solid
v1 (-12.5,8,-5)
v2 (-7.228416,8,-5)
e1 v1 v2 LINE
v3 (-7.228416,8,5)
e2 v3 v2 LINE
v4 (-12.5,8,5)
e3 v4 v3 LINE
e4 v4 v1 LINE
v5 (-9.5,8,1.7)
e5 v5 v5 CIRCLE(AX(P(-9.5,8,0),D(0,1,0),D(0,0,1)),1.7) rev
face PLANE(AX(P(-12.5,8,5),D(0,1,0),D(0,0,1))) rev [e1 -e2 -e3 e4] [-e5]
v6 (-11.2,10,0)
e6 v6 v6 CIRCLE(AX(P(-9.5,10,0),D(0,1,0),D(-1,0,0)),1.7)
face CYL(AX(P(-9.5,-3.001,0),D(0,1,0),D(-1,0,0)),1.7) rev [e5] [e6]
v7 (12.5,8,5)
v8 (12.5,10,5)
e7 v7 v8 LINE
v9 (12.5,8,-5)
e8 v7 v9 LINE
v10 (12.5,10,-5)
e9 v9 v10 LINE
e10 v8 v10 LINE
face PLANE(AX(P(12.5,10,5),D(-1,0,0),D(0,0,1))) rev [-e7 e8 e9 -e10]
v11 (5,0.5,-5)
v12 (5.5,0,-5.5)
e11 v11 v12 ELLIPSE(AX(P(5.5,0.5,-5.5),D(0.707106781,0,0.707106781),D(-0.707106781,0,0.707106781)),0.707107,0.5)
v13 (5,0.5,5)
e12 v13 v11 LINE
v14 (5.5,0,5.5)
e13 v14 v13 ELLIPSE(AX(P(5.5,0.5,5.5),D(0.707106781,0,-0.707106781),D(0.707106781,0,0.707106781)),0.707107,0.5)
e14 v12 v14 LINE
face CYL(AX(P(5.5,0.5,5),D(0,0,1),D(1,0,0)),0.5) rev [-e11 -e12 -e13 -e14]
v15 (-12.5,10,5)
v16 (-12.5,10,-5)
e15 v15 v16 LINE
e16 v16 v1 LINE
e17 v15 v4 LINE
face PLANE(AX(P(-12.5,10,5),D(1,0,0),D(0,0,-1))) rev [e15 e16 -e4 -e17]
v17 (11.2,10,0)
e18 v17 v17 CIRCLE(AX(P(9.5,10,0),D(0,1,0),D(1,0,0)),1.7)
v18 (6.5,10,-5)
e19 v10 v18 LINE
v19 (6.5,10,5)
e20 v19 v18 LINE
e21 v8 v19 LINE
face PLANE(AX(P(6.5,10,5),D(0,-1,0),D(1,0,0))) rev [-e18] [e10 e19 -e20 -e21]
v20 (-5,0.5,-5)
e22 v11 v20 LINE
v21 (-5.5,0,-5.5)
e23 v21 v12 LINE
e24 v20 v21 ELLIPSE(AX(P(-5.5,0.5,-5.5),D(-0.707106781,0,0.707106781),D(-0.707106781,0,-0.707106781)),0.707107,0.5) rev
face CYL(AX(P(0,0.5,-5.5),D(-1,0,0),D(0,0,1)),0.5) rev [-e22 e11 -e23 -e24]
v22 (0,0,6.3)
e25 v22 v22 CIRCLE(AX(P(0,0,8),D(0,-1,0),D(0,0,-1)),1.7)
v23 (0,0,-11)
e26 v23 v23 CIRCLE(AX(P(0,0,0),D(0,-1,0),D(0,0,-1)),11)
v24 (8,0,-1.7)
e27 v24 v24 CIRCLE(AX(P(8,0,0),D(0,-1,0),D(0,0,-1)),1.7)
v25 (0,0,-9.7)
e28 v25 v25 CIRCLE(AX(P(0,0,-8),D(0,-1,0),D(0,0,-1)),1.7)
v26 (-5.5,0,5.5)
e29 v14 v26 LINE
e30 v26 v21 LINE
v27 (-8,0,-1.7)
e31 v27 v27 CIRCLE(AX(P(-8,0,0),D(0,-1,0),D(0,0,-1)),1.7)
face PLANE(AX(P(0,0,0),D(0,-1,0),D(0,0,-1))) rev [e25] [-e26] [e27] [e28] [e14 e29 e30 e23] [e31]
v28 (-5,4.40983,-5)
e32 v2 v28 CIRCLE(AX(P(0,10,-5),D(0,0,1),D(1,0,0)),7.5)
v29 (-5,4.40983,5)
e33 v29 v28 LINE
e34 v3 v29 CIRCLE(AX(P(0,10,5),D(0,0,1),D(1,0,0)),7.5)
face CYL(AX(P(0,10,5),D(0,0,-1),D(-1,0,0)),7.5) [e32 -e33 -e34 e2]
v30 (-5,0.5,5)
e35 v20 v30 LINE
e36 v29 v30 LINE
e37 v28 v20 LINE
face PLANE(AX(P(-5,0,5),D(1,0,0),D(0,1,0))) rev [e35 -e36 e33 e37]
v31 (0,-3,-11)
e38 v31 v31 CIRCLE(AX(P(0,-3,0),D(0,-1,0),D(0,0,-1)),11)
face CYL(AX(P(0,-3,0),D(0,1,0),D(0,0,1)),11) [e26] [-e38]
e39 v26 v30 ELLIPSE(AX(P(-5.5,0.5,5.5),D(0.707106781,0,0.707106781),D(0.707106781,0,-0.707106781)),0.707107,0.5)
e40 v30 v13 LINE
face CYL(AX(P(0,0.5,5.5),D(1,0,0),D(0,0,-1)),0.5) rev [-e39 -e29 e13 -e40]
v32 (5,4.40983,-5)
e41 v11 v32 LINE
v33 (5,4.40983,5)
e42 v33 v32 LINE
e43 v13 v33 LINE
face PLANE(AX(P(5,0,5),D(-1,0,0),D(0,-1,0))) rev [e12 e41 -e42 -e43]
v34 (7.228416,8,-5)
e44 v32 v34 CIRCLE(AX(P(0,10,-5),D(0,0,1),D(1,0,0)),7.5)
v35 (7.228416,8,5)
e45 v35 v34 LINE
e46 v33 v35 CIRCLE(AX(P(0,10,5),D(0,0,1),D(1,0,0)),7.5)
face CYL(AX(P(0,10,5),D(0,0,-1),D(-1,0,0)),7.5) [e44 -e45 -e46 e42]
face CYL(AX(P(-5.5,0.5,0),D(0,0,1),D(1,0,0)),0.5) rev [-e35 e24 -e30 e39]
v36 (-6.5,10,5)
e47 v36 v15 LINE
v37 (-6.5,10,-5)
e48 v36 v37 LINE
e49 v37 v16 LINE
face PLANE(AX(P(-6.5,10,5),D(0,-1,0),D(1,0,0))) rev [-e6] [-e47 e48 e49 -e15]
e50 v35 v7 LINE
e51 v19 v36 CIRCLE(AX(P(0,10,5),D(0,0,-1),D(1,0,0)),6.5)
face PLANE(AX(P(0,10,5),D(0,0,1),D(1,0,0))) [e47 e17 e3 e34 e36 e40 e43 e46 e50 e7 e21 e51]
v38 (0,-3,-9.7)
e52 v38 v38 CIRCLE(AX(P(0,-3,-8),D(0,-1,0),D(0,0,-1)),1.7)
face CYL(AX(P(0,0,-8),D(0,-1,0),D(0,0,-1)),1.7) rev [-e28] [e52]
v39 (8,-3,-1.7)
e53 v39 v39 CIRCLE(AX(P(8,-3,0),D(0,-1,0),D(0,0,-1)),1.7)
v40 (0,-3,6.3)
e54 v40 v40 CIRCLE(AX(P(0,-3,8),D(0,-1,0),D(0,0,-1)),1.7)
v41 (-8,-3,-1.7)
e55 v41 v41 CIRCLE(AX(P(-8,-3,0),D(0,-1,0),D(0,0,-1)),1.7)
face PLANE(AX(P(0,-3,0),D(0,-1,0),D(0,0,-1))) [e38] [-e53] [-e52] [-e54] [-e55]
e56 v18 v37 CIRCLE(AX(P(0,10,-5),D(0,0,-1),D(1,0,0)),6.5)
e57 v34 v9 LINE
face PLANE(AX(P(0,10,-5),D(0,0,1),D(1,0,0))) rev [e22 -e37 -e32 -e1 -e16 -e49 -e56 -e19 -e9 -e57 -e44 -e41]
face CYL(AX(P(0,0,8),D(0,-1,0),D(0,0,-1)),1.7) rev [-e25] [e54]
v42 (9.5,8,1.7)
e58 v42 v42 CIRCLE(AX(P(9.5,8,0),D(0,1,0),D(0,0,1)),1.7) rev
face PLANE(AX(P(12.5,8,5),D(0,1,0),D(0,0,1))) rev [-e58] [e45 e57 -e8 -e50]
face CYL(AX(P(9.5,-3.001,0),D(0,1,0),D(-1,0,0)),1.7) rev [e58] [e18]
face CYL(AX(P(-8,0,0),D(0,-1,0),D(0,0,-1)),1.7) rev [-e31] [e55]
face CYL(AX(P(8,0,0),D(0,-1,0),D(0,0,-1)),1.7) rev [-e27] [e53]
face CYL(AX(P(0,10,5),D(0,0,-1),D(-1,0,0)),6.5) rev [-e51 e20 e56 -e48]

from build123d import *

# Parameters (mm, degrees)
EXTRUDE_1_DEPTH     = 5
SKETCH_2_R          = 11
EXTRUDE_2_DEPTH     = 3
SKETCH_3_R          = 1.7
CUT_EXTRUDE_1_DEPTH = 3
FILLET_1_R          = 0.5
CUT_EXTRUDE_2_REACH = 23.125
SKETCH_4_R          = 1.7


with BuildPart() as part:
    # 草图1 → 凸台-拉伸1 (new, symmetric)
    with BuildSketch(Plane.XY):
        with BuildLine():
            Line((5, 0), (-5, 0))
            Line((-5, 0), (-5, 4.409830056))
            ThreePointArc((-5, 4.409830056), (-6.372273568, 6.044733944), (-7.228416147, 8))
            Line((-7.228416147, 8), (-12.5, 8))
            Line((-12.5, 8), (-12.5, 10))
            Line((-12.5, 10), (-6.5, 10))
            ThreePointArc((-6.5, 10), (0, 3.5), (6.5, 10))
            Line((6.5, 10), (12.5, 10))
            Line((12.5, 10), (12.5, 8))
            Line((12.5, 8), (7.228416147, 8))
            ThreePointArc((7.228416147, 8), (6.372273568, 6.044733944), (5, 4.409830056))
            Line((5, 4.409830056), (5, 0))
        make_face()
    extrude(amount=EXTRUDE_1_DEPTH, both=True)

    # 草图2 → 凸台-拉伸2 (add)
    with BuildSketch(Plane.XZ):
        with Locations(Location((0, 0, 0), (0, 0, 270))):
            Circle(SKETCH_2_R)
    extrude(amount=EXTRUDE_2_DEPTH)

    # 草图3 → 切除-拉伸1 (cut)
    with BuildSketch(Plane.XZ.offset(3)):
        with Locations(Location((0, 8, 0), (0, 0, 270))):
            Circle(SKETCH_3_R)
        with Locations(Location((8, 0, 0), (0, 0, 270))):
            Circle(SKETCH_3_R)
        with Locations(Location((0, -8, 0), (0, 0, 270))):
            Circle(SKETCH_3_R)
        with Locations(Location((-8, 0, 0), (0, 0, 270))):
            Circle(SKETCH_3_R)
    extrude(amount=-CUT_EXTRUDE_1_DEPTH, mode=Mode.SUBTRACT)

    # 圆角1
    fillet_1_edges = [part.edges().sort_by_distance(p)[0] for p in [
        (0, 0, -5),
        (5, 0, 0),
        (-5, 0, 0),
        (0, 0, 5),
    ]]
    fillet(fillet_1_edges, radius=FILLET_1_R)

    # 草图4 → 切除-拉伸2 (cut, up to next)
    with BuildSketch(Plane(origin=(0, 10, 0), x_dir=(1, 0, 0), z_dir=(0, 1, 0)), mode=Mode.PRIVATE) as cut_extrude_2_sk1:
        with Locations(Location((-9.5, 0, 0), (0, 0, 180))):
            Circle(SKETCH_4_R)
    cut_extrude_2_tool1 = extrude(cut_extrude_2_sk1.sketch, amount=-CUT_EXTRUDE_2_REACH, mode=Mode.PRIVATE) & part.part
    # 草图4 → 切除-拉伸2 (cut, up to next)
    with BuildSketch(Plane(origin=(0, 10, 0), x_dir=(1, 0, 0), z_dir=(0, 1, 0)), mode=Mode.PRIVATE) as cut_extrude_2_sk2:
        with Locations(Location((9.5, 0, 0), (0, 0, 270))):
            Circle(SKETCH_4_R)
    cut_extrude_2_tool2 = extrude(cut_extrude_2_sk2.sketch, amount=-CUT_EXTRUDE_2_REACH, mode=Mode.PRIVATE) & part.part
    add(cut_extrude_2_tool1.solids().sort_by_distance((-9.5, 10, 0))[0], mode=Mode.SUBTRACT)
    add(cut_extrude_2_tool2.solids().sort_by_distance((9.5, 10, 0))[0], mode=Mode.SUBTRACT)


solid = part.part
